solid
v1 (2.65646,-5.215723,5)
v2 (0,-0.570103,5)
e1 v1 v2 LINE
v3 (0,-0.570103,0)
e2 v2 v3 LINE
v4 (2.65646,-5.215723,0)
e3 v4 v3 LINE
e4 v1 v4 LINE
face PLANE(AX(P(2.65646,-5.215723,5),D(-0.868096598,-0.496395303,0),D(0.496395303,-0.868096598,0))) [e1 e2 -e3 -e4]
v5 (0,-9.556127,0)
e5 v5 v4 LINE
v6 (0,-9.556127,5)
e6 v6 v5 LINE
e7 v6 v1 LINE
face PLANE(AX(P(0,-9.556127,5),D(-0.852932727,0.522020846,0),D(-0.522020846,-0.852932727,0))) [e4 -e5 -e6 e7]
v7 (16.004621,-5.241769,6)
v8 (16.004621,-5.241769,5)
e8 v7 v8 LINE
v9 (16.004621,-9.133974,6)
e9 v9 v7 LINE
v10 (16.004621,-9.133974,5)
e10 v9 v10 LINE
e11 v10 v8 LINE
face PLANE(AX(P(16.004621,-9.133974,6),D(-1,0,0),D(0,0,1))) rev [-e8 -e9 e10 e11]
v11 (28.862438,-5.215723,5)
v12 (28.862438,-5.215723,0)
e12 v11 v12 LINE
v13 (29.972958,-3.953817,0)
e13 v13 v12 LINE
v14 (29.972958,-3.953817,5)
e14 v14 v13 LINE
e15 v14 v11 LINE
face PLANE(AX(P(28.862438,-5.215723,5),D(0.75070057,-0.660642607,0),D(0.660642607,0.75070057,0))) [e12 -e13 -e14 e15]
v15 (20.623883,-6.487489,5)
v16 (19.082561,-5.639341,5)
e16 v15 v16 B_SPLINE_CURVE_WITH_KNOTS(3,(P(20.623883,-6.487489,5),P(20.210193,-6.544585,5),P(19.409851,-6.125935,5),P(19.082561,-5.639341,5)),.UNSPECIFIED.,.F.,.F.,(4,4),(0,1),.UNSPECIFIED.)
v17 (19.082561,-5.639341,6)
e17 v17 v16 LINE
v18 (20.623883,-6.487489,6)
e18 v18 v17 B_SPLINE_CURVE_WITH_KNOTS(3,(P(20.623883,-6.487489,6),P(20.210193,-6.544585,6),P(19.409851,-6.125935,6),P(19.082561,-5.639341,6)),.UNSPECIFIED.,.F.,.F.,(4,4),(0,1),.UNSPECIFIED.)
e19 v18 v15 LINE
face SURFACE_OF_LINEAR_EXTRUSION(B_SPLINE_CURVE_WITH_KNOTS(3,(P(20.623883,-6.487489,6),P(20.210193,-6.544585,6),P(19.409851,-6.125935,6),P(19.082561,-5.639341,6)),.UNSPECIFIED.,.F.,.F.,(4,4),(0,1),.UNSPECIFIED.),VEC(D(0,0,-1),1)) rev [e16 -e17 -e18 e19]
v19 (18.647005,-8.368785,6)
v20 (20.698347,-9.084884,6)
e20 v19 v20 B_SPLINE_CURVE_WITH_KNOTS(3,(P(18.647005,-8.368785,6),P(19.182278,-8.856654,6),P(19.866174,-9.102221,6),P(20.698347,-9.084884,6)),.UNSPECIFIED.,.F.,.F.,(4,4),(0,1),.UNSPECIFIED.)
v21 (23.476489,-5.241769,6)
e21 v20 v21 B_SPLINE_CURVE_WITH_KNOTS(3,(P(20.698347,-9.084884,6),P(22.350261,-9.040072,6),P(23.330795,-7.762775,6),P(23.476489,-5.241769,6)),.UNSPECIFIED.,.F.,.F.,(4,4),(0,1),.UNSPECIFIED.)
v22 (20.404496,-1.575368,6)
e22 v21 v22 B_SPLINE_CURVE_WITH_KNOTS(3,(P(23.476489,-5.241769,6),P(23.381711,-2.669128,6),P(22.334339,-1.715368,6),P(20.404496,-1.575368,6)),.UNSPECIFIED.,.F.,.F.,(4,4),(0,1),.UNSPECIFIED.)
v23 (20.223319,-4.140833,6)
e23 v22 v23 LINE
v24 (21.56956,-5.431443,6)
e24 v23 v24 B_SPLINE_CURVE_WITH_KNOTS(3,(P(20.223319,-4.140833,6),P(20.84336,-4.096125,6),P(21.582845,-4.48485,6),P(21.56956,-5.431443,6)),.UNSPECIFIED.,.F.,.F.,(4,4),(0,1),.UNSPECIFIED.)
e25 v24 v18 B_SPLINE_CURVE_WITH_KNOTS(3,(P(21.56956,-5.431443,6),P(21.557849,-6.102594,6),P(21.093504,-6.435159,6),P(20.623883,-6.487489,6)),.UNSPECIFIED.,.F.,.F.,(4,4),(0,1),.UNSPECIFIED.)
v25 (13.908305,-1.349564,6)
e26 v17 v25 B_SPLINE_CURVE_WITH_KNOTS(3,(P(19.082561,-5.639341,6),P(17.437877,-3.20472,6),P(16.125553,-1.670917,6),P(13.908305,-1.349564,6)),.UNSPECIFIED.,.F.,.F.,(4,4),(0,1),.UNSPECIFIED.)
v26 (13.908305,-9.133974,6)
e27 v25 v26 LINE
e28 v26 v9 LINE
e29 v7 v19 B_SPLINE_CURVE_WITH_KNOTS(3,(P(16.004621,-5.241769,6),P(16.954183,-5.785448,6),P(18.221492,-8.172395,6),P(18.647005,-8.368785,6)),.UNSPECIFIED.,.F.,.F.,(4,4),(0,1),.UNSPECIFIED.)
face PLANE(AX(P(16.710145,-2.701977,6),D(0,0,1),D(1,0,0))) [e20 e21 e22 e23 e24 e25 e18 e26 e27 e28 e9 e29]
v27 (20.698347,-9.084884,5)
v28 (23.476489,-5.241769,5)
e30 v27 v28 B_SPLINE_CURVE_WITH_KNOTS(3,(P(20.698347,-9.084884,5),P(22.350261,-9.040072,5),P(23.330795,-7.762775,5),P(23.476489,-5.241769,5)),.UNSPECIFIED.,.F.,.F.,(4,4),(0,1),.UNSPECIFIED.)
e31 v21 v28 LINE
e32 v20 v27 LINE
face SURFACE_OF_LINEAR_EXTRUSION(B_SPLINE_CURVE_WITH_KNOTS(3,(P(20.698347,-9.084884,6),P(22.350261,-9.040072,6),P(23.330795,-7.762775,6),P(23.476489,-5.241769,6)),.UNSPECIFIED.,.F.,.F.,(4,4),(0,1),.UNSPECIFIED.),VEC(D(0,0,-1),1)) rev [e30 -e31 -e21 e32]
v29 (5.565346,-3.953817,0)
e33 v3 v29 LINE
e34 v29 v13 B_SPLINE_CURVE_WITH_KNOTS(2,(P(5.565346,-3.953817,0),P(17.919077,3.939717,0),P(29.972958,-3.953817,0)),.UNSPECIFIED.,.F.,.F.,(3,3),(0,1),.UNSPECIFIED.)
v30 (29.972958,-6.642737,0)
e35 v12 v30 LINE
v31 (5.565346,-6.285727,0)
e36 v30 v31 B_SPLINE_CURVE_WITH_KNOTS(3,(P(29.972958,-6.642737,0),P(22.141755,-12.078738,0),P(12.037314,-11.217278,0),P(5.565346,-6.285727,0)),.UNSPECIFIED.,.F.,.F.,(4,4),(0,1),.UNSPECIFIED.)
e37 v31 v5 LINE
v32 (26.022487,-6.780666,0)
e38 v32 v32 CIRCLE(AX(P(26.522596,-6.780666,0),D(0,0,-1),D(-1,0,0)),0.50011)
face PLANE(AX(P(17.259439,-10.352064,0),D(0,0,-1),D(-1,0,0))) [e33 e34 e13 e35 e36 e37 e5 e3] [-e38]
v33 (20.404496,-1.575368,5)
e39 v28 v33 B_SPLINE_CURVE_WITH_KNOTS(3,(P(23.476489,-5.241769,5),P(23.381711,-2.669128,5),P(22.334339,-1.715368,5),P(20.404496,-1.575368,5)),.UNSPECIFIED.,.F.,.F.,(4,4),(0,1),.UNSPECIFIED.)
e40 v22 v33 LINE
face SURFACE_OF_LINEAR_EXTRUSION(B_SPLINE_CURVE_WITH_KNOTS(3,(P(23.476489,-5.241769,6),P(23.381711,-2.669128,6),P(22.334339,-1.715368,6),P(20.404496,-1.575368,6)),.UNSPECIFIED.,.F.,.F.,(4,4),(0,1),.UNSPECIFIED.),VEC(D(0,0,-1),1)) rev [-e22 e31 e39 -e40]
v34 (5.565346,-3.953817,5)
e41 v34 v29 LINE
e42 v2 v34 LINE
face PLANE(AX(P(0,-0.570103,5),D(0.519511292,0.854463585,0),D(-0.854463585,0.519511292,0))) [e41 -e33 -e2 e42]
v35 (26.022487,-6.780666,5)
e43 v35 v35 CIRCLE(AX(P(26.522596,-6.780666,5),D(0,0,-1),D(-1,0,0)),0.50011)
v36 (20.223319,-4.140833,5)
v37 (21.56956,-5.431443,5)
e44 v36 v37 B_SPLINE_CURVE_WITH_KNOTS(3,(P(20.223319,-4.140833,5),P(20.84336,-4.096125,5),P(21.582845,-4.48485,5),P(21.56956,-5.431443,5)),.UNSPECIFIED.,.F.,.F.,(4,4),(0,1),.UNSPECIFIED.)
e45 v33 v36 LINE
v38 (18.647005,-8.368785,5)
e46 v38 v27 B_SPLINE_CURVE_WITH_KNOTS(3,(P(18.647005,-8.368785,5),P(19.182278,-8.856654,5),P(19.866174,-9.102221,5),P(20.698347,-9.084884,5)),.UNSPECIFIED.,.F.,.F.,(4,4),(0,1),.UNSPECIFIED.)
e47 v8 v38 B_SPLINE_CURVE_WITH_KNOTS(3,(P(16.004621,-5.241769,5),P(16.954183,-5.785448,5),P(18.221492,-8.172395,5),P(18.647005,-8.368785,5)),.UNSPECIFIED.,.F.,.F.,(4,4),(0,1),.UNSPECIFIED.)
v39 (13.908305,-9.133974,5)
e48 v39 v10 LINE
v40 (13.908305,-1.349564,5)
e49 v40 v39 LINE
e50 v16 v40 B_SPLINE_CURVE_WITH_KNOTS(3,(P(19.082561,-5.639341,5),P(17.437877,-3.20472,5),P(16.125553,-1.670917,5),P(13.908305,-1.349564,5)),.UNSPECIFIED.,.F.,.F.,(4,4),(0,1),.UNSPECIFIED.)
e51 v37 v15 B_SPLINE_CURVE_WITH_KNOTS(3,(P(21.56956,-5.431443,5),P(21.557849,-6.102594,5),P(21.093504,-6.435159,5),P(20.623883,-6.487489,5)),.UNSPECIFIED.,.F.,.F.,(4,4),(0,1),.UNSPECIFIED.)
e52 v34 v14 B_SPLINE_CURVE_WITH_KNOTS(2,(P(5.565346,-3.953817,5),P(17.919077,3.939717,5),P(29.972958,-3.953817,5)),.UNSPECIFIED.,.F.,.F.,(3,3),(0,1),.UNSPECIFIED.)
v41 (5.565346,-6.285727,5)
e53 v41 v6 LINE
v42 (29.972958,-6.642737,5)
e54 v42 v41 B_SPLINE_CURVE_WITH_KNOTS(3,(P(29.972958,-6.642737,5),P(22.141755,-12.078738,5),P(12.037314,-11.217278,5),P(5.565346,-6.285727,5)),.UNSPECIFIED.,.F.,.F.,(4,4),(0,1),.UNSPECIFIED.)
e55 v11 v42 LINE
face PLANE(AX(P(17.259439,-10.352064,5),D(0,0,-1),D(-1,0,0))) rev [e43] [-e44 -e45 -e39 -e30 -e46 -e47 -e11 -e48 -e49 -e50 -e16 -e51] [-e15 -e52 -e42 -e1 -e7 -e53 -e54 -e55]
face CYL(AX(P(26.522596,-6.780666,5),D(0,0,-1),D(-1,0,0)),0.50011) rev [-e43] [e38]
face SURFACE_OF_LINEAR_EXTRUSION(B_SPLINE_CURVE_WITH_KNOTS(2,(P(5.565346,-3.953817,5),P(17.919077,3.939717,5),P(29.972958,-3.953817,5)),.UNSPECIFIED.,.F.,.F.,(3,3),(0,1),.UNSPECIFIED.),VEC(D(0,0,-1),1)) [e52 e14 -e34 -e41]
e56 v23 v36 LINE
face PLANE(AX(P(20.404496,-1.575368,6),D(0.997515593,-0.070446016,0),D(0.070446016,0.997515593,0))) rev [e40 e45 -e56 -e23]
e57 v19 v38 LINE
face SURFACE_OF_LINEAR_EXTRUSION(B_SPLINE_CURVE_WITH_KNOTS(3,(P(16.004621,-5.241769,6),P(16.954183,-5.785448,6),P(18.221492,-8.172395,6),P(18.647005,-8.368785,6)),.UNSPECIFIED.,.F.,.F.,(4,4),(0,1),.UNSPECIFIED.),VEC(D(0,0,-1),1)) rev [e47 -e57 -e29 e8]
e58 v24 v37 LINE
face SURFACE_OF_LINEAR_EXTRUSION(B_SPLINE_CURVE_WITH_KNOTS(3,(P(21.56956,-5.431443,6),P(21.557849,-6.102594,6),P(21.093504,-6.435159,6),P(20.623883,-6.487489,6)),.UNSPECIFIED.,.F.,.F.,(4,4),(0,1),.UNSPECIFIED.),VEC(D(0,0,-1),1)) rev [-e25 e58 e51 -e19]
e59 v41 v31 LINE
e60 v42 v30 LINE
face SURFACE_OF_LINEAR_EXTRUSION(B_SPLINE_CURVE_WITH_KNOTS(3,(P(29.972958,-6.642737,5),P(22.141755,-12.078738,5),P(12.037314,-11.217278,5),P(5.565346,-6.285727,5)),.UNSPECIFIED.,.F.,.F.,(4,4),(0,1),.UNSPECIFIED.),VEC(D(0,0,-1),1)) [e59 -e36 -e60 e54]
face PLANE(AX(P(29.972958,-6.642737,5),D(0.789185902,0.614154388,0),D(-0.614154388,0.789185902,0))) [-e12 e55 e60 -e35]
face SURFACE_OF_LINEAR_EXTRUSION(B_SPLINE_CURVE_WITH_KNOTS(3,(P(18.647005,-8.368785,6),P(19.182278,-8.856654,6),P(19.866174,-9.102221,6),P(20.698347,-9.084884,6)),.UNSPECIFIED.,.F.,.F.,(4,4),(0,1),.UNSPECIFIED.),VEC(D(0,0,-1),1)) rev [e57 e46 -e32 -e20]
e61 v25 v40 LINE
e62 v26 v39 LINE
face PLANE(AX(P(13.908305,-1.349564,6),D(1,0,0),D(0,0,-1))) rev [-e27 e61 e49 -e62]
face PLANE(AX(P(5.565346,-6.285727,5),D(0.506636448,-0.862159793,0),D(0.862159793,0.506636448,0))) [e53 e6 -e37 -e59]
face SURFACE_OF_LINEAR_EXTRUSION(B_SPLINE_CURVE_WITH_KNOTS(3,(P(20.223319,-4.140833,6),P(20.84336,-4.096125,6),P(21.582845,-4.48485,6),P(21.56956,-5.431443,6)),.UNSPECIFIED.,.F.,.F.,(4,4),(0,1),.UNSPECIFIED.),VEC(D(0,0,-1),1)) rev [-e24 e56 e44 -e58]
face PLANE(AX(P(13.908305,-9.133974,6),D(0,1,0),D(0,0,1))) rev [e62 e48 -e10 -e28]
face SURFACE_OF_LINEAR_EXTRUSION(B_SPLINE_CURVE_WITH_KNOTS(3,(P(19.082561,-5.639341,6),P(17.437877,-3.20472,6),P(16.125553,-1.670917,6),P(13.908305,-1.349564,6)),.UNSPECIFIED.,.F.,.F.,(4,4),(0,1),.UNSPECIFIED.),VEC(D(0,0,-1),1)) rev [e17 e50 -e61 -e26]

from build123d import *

# Parameters (mm, degrees)
SKETCH2_R           = 0.500109693
BOSS_EXTRUDE1_DEPTH = 5
BOSS_EXTRUDE2_DEPTH = 1


with BuildPart() as part:
    # Sketch2 → Boss-Extrude1 (new body)
    with BuildSketch(Plane(origin=(0, 0, 0), x_dir=(1, 0, 0), z_dir=(0, 0, -1))):
        with BuildLine():
            Line((29.97295835, 6.642737104), (28.862437793, 5.215722686))
            Line((28.862437793, 5.215722686), (29.97295835, 3.953817374))
            add(Edge.make_bspline(
                [(5.565346412, 3.953817374), (17.919076804, -3.939717318), (29.97295835, 3.953817374)],
                knots=[0, 0, 0, 1, 1, 1], degree=2))
            Line((5.565346412, 3.953817374), (0, 0.570103483))
            Line((0, 0.570103483), (2.65645961, 5.215722686))
            Line((2.65645961, 5.215722686), (0, 9.556126627))
            Line((0, 9.556126627), (5.565346412, 6.285726684))
            add(Edge.make_bspline(
                [(5.565346412, 6.285726684), (12.037313538, 11.217277608), (22.14175538, 12.07873787), (29.97295835, 6.642737104)],
                knots=[0, 0, 0, 0, 1, 1, 1, 1], degree=3))
        make_face()
        with Locations(Location((26.5225963, 6.780666166, 0), (0, 0, 180))):
            Circle(SKETCH2_R, mode=Mode.SUBTRACT)
    extrude(amount=-BOSS_EXTRUDE1_DEPTH)

    # Sketch4 → Boss-Extrude2 (add)
    with BuildSketch(Plane(origin=(0, 0, 5), x_dir=(-1, 0, 0), z_dir=(0, 0, 1))):
        with BuildLine():
            Line((-13.908305334, 1.34956402), (-13.908305334, 9.133973525))
            Line((-13.908305334, 9.133973525), (-16.004621445, 9.133973525))
            Line((-16.004621445, 9.133973525), (-16.004621445, 5.241768773))
            add(Edge.make_bspline(
                [(-16.004621445, 5.241768773), (-16.954182776, 5.785448359), (-18.2214925, 8.172395217), (-18.647004572, 8.368785404)],
                knots=[0, 0, 0, 0, 1, 1, 1, 1], degree=3))
            add(Edge.make_bspline(
                [(-18.647004572, 8.368785404), (-19.182278095, 8.856654309), (-19.866173762, 9.102220728), (-20.698347409, 9.084883777)],
                knots=[0, 0, 0, 0, 1, 1, 1, 1], degree=3))
            add(Edge.make_bspline(
                [(-20.698347409, 9.084883777), (-22.350260741, 9.040072434), (-23.33079469, 7.762774595), (-23.476488694, 5.241768773)],
                knots=[0, 0, 0, 0, 1, 1, 1, 1], degree=3))
            add(Edge.make_bspline(
                [(-20.404496328, 1.575368175), (-22.334339213, 1.71536757), (-23.381711079, 2.669128019), (-23.476488694, 5.241768773)],
                knots=[0, 0, 0, 0, 1, 1, 1, 1], degree=3))
            Line((-20.404496328, 1.575368175), (-20.223319436, 4.140832963))
            add(Edge.make_bspline(
                [(-21.56956029, 5.431442564), (-21.582844794, 4.484850448), (-20.84335959, 4.096124714), (-20.223319436, 4.140832963)],
                knots=[0, 0, 0, 0, 1, 1, 1, 1], degree=3))
            add(Edge.make_bspline(
                [(-20.623882844, 6.487488573), (-21.093503681, 6.435159023), (-21.557848723, 6.102593618), (-21.56956029, 5.431442564)],
                knots=[0, 0, 0, 0, 1, 1, 1, 1], degree=3))
            add(Edge.make_bspline(
                [(-19.082560895, 5.639341249), (-19.40985103, 6.125934593), (-20.210193184, 6.544584723), (-20.623882844, 6.487488573)],
                knots=[0, 0, 0, 0, 1, 1, 1, 1], degree=3))
            add(Edge.make_bspline(
                [(-13.908305334, 1.34956402), (-16.125553437, 1.670916535), (-17.437876782, 3.20471995), (-19.082560895, 5.639341249)],
                knots=[0, 0, 0, 0, 1, 1, 1, 1], degree=3))
        make_face()
    extrude(amount=BOSS_EXTRUDE2_DEPTH)


solid = part.part
